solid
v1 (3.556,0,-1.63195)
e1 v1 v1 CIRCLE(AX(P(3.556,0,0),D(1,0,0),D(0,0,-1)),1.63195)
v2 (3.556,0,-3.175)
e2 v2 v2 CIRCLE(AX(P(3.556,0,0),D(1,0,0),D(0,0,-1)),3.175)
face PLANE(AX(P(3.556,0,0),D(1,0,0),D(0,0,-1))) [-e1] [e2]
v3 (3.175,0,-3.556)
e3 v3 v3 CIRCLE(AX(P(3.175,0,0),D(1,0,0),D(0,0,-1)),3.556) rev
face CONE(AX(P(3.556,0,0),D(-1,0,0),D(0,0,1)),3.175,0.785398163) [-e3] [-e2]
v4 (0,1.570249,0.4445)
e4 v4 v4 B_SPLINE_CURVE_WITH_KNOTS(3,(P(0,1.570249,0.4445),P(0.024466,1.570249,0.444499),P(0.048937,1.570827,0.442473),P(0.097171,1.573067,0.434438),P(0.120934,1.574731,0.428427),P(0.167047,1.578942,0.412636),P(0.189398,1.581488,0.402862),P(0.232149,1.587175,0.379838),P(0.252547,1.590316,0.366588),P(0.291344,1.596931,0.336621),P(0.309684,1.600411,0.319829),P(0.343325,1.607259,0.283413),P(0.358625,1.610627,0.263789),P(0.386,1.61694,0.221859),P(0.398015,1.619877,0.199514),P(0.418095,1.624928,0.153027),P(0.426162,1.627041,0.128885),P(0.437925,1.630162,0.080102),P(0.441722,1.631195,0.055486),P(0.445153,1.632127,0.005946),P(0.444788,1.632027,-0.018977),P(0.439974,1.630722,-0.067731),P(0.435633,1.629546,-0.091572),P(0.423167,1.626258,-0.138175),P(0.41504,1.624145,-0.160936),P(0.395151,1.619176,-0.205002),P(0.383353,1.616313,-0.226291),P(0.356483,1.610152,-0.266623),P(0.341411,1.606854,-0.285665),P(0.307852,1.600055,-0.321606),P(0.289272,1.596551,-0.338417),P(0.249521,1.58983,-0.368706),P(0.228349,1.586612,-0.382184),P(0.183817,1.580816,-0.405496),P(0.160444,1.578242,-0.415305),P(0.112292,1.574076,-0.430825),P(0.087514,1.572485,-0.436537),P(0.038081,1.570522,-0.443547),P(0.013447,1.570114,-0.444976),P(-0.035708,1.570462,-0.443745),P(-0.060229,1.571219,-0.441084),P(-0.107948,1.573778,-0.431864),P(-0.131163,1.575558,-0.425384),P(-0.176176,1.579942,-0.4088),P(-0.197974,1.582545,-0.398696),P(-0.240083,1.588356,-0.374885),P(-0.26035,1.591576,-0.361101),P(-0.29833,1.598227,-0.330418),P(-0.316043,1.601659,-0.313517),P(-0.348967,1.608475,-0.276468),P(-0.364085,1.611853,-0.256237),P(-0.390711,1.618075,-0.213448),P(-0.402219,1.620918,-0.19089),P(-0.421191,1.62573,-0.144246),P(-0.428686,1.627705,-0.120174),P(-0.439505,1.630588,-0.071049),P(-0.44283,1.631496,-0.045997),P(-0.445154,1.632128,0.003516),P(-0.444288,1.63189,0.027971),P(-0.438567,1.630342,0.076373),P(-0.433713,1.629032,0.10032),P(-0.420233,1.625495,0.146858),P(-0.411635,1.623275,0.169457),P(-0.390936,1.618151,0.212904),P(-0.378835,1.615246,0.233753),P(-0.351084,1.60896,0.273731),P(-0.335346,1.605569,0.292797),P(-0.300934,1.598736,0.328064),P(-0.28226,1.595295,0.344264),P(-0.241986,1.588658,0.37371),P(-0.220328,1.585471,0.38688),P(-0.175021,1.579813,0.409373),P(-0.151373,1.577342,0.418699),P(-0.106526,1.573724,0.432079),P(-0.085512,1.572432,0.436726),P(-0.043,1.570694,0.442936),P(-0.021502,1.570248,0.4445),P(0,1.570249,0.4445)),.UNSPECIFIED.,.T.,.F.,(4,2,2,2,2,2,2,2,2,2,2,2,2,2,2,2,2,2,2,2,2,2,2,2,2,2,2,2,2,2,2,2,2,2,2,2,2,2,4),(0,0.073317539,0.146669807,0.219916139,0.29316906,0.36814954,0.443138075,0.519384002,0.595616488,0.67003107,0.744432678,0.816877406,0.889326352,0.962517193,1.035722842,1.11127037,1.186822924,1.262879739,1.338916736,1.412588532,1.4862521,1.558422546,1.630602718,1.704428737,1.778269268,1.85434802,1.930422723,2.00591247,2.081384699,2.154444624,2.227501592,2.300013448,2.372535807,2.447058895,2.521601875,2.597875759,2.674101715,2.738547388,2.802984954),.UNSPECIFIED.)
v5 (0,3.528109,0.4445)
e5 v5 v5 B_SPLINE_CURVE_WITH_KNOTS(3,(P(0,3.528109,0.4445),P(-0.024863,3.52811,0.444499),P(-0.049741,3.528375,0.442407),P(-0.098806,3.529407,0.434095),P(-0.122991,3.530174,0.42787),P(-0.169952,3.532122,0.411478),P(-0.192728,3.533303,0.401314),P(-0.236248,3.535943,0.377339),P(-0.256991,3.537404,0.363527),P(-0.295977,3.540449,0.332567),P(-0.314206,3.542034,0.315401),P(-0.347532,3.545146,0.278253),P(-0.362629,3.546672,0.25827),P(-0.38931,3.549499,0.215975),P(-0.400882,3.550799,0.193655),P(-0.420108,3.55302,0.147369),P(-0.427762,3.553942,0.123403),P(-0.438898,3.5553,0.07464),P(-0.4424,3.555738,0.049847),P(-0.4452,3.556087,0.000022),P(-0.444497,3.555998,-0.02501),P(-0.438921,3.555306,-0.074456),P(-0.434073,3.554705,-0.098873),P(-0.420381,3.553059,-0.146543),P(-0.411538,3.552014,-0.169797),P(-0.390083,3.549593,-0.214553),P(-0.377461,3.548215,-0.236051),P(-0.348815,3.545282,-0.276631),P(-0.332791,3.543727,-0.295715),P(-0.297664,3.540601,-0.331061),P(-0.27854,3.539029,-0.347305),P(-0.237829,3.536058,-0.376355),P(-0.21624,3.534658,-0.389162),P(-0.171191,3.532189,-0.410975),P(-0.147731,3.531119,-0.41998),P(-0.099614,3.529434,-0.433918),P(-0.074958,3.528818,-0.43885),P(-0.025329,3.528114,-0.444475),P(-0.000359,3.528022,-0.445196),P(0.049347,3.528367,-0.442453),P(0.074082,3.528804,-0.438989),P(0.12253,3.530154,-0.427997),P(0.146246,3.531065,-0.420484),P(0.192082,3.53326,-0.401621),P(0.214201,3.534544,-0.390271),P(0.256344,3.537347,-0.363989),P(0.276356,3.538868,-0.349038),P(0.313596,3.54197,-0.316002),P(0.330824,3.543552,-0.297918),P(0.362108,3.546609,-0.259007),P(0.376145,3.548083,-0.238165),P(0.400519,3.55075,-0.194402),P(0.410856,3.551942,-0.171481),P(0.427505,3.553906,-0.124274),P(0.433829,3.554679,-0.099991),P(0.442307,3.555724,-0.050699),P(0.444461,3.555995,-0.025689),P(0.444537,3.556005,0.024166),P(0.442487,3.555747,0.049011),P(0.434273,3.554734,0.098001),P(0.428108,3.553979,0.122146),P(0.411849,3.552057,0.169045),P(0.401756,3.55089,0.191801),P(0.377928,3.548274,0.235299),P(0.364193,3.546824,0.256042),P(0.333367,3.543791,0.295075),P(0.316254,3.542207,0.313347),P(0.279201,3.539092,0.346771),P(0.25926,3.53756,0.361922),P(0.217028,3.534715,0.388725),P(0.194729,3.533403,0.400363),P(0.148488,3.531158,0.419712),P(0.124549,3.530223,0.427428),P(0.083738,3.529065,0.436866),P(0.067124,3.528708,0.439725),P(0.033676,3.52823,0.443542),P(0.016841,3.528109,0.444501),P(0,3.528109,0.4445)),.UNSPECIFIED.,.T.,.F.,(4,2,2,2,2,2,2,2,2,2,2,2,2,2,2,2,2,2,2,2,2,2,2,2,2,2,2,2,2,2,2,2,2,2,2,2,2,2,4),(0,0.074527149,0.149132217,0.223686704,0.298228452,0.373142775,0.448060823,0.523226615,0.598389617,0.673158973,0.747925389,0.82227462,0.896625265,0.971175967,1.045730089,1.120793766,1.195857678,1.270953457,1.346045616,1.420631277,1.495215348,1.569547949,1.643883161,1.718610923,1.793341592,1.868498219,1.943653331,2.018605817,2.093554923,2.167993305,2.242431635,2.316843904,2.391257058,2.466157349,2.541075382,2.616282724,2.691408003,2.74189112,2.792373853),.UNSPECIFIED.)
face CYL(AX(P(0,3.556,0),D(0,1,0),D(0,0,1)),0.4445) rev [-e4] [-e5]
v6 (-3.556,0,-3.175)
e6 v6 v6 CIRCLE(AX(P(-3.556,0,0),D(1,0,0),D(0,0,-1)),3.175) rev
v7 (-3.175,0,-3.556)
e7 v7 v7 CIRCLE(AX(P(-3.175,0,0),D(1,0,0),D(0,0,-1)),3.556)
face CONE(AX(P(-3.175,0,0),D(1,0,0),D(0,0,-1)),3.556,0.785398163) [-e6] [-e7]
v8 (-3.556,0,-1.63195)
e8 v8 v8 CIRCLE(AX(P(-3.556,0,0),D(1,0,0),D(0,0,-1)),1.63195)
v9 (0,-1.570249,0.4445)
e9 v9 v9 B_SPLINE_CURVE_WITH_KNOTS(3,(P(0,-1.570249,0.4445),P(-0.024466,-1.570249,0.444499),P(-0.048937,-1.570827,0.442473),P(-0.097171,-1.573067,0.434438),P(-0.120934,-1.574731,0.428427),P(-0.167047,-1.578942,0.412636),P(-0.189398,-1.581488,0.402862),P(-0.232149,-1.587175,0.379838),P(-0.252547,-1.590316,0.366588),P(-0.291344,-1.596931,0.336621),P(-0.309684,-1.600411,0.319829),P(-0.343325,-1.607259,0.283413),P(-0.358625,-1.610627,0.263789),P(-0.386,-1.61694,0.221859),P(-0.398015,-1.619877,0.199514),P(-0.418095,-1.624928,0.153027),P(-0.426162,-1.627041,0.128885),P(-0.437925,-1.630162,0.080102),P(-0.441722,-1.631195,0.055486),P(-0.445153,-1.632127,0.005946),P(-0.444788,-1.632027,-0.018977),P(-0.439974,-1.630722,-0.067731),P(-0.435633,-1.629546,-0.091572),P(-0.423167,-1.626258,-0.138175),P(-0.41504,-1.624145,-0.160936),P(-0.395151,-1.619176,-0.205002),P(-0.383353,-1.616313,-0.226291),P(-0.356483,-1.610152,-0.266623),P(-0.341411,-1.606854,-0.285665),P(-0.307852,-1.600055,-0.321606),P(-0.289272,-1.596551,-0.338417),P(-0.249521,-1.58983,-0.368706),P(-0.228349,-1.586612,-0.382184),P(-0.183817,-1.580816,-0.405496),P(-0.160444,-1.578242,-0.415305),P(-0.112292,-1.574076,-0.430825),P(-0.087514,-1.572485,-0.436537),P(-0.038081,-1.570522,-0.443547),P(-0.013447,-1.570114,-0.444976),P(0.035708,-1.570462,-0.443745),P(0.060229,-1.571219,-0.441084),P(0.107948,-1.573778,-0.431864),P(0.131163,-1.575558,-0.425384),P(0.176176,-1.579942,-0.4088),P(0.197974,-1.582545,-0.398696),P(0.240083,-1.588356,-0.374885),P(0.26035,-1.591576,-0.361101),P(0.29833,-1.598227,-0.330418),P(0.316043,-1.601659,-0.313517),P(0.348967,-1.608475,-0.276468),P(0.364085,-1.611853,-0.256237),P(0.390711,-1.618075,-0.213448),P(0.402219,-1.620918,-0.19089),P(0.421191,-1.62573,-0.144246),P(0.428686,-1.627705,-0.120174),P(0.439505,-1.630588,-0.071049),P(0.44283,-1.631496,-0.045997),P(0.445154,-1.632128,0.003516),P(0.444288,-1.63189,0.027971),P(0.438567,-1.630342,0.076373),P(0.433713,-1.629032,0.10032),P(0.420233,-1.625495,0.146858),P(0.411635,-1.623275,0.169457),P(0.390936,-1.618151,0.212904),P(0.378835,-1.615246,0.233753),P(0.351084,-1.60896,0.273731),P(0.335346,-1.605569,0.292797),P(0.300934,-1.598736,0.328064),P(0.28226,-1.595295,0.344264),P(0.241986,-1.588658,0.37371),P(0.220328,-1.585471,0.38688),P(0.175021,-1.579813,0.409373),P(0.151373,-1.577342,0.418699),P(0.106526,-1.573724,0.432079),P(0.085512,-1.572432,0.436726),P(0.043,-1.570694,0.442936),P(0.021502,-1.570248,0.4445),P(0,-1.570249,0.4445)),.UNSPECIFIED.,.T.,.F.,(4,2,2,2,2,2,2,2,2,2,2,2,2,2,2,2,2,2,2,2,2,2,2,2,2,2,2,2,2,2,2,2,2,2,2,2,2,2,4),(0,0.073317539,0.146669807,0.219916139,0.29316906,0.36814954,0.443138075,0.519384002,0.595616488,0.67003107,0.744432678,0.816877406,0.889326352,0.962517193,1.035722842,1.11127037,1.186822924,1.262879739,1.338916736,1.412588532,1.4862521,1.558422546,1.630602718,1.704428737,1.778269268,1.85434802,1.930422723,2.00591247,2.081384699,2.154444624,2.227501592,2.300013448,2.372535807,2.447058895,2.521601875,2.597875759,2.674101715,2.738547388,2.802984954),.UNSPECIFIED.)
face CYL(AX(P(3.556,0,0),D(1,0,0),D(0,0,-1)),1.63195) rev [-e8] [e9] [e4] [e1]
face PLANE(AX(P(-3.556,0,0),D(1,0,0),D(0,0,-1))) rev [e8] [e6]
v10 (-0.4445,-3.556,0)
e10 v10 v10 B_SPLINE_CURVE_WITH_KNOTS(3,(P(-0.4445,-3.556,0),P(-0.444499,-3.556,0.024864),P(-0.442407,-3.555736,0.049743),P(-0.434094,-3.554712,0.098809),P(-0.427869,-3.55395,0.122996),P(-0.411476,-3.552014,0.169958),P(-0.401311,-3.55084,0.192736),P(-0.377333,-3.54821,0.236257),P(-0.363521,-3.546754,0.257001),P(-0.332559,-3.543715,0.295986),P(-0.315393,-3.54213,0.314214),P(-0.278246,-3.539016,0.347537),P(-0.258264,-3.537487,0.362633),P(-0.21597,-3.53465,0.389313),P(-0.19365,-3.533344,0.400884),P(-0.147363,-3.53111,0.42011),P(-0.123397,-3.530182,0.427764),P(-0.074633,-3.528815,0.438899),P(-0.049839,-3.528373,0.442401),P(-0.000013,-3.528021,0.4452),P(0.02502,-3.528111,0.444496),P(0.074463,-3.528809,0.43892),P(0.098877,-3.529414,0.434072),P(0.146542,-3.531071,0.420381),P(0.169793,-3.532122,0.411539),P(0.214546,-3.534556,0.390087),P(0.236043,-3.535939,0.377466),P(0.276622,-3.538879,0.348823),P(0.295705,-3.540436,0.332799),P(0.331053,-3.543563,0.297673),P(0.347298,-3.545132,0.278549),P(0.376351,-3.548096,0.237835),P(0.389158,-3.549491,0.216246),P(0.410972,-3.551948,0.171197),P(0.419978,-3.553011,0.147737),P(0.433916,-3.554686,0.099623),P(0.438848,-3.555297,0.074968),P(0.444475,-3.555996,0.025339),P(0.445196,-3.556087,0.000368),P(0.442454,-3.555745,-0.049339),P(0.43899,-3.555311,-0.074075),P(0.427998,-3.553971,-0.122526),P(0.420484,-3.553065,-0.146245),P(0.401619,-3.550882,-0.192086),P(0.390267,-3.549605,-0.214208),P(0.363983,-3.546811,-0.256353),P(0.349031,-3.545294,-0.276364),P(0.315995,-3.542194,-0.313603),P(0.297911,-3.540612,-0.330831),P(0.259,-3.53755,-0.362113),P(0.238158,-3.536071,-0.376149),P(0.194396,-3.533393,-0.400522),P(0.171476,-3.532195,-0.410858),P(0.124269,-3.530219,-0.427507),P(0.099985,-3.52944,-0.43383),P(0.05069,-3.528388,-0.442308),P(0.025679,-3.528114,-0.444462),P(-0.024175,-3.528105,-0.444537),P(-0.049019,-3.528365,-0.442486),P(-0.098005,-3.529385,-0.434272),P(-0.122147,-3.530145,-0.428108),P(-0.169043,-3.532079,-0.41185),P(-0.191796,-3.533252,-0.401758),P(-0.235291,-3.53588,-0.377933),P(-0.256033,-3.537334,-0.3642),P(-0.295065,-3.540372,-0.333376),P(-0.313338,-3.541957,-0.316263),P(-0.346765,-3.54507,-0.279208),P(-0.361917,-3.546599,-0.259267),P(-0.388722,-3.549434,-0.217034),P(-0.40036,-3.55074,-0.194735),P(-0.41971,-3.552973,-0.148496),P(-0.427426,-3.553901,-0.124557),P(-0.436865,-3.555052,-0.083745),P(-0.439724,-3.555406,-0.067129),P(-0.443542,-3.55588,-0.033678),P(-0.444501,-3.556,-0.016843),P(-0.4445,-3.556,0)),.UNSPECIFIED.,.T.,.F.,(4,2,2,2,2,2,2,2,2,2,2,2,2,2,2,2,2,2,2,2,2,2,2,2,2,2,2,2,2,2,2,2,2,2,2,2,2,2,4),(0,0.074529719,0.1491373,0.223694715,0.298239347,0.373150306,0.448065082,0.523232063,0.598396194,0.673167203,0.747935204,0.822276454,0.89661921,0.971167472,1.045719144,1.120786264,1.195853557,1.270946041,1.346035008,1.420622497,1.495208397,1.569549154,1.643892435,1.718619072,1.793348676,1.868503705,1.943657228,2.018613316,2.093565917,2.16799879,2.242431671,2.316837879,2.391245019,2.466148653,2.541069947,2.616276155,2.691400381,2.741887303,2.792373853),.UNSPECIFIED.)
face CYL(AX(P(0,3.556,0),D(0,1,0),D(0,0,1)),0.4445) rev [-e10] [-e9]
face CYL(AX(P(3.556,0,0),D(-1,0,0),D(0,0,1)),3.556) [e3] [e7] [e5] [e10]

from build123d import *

# Parameters (mm, degrees)
SKETCH1_R                    = 3.556
BOSS_EXTRUDE1_DEPTH          = 3.556
F_30_0_1285_DIAMETER_HOLE1_D = 3.2639
CHAMFER2_SIZE                = 0.381
F_65_0_035_DIAMETER_HOLE2_D  = 0.889


with BuildPart() as part:
    # Sketch1 → Boss-Extrude1 (new, symmetric)
    with BuildSketch(Plane(origin=(0, 0, 0), x_dir=(0, 0, -1), z_dir=(1, 0, 0))):
        Circle(SKETCH1_R)
    extrude(amount=BOSS_EXTRUDE1_DEPTH, both=True)

    # #30 (0.1285) Diameter Hole1 (through all)
    with Locations(Plane(origin=(3.556, 0, 0), x_dir=(0, 0, -1), z_dir=(1, 0, 0))):
        with Locations((0, 0)):
            Hole(F_30_0_1285_DIAMETER_HOLE1_D / 2)

    # Chamfer2
    chamfer2_edges = [part.edges().sort_by_distance(p)[0] for p in [
        (-3.556, 0, 3.556),
        (3.556, 0, 3.556),
    ]]
    chamfer(chamfer2_edges, length=CHAMFER2_SIZE)

    # #65 (0.035) Diameter Hole2 (through all)
    with Locations(Plane(origin=(0, 3.556, 0), x_dir=(1, 0, 0), z_dir=(0, 1, 0))):
        with Locations((0, 0)):
            Hole(F_65_0_035_DIAMETER_HOLE2_D / 2)


solid = part.part
